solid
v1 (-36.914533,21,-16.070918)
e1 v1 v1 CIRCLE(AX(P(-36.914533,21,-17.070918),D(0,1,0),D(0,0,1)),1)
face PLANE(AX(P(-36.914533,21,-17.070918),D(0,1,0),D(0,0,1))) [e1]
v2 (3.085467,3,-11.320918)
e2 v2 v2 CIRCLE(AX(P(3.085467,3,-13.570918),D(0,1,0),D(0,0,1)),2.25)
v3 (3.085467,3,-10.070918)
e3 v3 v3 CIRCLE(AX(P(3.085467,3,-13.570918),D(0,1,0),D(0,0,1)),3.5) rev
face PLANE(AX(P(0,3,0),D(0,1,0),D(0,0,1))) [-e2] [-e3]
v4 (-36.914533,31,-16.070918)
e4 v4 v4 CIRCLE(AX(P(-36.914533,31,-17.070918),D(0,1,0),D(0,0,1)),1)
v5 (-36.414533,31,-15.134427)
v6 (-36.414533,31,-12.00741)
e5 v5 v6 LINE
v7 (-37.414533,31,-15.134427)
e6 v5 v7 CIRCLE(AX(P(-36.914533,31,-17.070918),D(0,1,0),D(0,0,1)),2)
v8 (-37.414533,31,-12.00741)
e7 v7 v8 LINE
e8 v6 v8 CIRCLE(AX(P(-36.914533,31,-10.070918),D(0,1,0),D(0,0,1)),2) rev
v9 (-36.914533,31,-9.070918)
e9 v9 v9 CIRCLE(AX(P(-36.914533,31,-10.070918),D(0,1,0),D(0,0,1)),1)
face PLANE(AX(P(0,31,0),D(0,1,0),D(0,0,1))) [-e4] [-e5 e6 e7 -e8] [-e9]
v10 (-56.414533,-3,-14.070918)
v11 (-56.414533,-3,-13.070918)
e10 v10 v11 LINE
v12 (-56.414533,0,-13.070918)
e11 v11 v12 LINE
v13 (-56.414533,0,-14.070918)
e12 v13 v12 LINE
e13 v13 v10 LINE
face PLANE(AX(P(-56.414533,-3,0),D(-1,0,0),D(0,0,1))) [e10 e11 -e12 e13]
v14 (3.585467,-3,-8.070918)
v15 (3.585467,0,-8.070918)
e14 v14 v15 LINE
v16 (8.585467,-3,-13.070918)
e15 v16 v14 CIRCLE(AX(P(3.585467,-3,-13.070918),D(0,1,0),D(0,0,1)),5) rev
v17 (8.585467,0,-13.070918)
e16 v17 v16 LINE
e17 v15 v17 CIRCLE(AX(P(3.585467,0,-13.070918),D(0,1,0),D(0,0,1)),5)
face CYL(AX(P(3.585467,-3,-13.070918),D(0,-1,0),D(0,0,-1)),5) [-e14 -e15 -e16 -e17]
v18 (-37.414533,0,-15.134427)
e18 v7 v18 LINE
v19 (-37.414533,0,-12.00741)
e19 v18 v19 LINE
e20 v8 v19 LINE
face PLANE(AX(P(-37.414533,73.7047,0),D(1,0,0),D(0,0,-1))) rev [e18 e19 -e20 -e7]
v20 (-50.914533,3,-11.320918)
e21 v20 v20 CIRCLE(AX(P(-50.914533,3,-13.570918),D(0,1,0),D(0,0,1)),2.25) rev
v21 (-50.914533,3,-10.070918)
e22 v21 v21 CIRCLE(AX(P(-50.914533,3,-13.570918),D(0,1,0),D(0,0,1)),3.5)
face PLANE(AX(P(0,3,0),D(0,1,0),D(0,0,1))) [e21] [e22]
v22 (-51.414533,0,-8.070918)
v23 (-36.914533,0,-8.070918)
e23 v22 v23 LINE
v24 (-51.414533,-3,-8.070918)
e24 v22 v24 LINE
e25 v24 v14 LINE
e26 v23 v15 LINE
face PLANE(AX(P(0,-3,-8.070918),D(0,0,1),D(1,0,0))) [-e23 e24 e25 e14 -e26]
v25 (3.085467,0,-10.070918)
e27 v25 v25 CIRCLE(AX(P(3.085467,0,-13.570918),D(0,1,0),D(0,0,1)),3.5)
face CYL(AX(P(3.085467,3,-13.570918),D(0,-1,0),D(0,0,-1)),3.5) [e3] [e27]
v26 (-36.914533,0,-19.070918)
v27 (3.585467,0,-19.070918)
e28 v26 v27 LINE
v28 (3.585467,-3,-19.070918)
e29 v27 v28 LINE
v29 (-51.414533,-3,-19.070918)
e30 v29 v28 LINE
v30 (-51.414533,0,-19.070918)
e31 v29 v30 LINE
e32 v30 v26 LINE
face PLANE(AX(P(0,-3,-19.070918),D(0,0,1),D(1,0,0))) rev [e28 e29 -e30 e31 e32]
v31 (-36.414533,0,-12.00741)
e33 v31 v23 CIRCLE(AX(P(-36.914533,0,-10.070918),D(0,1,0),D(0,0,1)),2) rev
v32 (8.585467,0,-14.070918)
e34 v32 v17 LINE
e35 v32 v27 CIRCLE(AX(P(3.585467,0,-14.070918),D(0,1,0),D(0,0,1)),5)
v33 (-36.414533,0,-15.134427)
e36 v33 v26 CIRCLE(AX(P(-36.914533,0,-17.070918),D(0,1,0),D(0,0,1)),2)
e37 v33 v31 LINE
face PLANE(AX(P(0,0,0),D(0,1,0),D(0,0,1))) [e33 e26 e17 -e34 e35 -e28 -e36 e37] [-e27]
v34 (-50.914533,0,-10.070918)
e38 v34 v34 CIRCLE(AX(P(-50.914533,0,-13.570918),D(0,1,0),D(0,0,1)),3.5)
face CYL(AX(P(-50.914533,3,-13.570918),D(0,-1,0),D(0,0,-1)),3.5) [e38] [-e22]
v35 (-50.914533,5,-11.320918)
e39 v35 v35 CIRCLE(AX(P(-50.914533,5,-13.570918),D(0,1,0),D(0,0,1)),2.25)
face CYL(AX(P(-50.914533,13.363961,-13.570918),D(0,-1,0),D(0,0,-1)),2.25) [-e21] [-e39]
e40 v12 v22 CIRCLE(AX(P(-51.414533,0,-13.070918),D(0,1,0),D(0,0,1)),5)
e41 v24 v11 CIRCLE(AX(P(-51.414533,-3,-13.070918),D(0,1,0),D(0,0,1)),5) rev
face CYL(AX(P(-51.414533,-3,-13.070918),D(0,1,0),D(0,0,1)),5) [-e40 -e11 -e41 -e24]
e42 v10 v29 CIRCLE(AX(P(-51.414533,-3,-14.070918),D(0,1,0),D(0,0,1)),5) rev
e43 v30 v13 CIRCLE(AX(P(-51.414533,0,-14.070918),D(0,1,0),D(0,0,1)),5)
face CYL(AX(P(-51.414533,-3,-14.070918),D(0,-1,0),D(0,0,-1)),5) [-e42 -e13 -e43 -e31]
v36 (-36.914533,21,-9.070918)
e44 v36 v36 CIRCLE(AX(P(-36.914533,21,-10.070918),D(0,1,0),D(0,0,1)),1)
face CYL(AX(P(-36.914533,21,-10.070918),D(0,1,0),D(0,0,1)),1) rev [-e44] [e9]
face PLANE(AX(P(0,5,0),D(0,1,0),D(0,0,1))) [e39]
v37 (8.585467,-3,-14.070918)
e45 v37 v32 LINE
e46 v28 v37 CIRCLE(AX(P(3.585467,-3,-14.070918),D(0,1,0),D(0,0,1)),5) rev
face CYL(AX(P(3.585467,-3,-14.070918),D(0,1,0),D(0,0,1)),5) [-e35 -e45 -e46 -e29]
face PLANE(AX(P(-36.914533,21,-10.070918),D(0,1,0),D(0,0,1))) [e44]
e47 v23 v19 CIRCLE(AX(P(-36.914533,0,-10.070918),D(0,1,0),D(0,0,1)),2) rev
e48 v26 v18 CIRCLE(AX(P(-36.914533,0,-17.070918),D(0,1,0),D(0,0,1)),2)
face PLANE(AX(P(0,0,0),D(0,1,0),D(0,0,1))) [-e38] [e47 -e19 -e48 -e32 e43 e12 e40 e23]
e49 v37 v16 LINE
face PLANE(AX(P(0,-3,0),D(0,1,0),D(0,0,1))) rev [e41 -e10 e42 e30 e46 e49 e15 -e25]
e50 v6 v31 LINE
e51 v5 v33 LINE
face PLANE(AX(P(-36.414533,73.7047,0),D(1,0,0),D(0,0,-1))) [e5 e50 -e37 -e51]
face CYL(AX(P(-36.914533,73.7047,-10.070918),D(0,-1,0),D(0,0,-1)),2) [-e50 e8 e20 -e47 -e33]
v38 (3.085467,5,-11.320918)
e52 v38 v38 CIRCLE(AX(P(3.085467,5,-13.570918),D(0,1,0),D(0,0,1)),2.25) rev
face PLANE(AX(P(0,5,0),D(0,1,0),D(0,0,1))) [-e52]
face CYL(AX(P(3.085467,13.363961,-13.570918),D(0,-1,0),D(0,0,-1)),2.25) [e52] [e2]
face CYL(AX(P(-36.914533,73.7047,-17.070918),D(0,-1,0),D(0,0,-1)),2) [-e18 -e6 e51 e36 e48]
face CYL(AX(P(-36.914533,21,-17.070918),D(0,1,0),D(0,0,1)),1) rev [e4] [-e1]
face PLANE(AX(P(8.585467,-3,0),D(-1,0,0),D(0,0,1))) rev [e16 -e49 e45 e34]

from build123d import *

# Parameters (mm, degrees)
SKETCH2_W           = 65
SKETCH2_H           = 11
BOSS_EXTRUDE1_DEPTH = 3
SKETCH2_4_R         = 3.5
SKETCH2_4_R_2       = 2.25
BOSS_EXTRUDE2_DEPTH = 3
SKETCH2_5_R         = 2.25
BOSS_EXTRUDE3_DEPTH = 5
SKETCH2_6_R         = 2
BOSS_EXTRUDE4_DEPTH = 31
FILLET1_R           = 5
SKETCH3_R           = 1
CUT_EXTRUDE1_DEPTH  = 10


with BuildPart() as part:
    # Sketch2 → Boss-Extrude1 (new body)
    with BuildSketch(Plane(origin=(0, 0, 0), x_dir=(1, 0, 0), z_dir=(0, 1, 0))):
        with Locations((-23.91453319, 13.570918432)):
            Rectangle(SKETCH2_W, SKETCH2_H)
    extrude(amount=-BOSS_EXTRUDE1_DEPTH)

    # Sketch2<4> → Boss-Extrude2 (add)
    with BuildSketch(Plane(origin=(0, 0, 0), x_dir=(1, 0, 0), z_dir=(0, 1, 0))):
        with Locations(Location((-50.91453319, 13.570918432, 0), (0, 0, 270))):
            Circle(SKETCH2_4_R)
        with Locations(Location((3.08546681, 13.570918432, 0), (0, 0, 270))):
            Circle(SKETCH2_4_R)
        with Locations((-50.91453319, 13.570918432)):
            Circle(SKETCH2_4_R_2)
        with Locations((3.08546681, 13.570918432)):
            Circle(SKETCH2_4_R_2)
    extrude(amount=BOSS_EXTRUDE2_DEPTH)

    # Sketch2<5> → Boss-Extrude3 (add)
    with BuildSketch(Plane(origin=(0, 0, 0), x_dir=(1, 0, 0), z_dir=(0, 1, 0))):
        with Locations(Location((-50.91453319, 13.570918432, 0), (0, 0, 270))):
            Circle(SKETCH2_5_R)
        with Locations(Location((3.08546681, 13.570918432, 0), (0, 0, 270))):
            Circle(SKETCH2_5_R)
    extrude(amount=BOSS_EXTRUDE3_DEPTH)

    # Sketch2<6> → Boss-Extrude4 (add)
    with BuildSketch(Plane(origin=(0, 0, 0), x_dir=(1, 0, 0), z_dir=(0, 1, 0))):
        with Locations((-36.91453319, 17.070918432)):
            Circle(SKETCH2_6_R)
        with Locations((-36.91453319, 10.070918432)):
            Circle(SKETCH2_6_R)
        with BuildLine():
            ThreePointArc((-36.41453319, 15.134426759), (-36.91453319, 15.070918432), (-37.41453319, 15.134426759))
            Line((-37.41453319, 15.134426759), (-37.41453319, 12.007410105))
            ThreePointArc((-37.41453319, 12.007410105), (-36.91453319, 12.070918432), (-36.41453319, 12.007410105))
            Line((-36.41453319, 12.007410105), (-36.41453319, 15.134426759))
        make_face()
    extrude(amount=BOSS_EXTRUDE4_DEPTH)

    # Fillet1
    fillet1_edges = [part.edges().sort_by_distance(p)[0] for p in [
        (-56.41453319, -1.5, -8.070918432),
        (-56.41453319, -1.5, -19.070918432),
        (8.58546681, -1.5, -19.070918432),
        (8.58546681, -1.5, -8.070918432),
    ]]
    fillet(fillet1_edges, radius=FILLET1_R)

    # Sketch3 → Cut-Extrude1 (cut)
    with BuildSketch(Plane(origin=(0, 31, 0), x_dir=(1, 0, 0), z_dir=(0, 1, 0))):
        with Locations(Location((-36.91453319, 10.070918432, 0), (0, 0, 270))):
            Circle(SKETCH3_R)
        with Locations(Location((-36.91453319, 17.070918432, 0), (0, 0, 270))):
            Circle(SKETCH3_R)
    extrude(amount=-CUT_EXTRUDE1_DEPTH, mode=Mode.SUBTRACT)


solid = part.part
